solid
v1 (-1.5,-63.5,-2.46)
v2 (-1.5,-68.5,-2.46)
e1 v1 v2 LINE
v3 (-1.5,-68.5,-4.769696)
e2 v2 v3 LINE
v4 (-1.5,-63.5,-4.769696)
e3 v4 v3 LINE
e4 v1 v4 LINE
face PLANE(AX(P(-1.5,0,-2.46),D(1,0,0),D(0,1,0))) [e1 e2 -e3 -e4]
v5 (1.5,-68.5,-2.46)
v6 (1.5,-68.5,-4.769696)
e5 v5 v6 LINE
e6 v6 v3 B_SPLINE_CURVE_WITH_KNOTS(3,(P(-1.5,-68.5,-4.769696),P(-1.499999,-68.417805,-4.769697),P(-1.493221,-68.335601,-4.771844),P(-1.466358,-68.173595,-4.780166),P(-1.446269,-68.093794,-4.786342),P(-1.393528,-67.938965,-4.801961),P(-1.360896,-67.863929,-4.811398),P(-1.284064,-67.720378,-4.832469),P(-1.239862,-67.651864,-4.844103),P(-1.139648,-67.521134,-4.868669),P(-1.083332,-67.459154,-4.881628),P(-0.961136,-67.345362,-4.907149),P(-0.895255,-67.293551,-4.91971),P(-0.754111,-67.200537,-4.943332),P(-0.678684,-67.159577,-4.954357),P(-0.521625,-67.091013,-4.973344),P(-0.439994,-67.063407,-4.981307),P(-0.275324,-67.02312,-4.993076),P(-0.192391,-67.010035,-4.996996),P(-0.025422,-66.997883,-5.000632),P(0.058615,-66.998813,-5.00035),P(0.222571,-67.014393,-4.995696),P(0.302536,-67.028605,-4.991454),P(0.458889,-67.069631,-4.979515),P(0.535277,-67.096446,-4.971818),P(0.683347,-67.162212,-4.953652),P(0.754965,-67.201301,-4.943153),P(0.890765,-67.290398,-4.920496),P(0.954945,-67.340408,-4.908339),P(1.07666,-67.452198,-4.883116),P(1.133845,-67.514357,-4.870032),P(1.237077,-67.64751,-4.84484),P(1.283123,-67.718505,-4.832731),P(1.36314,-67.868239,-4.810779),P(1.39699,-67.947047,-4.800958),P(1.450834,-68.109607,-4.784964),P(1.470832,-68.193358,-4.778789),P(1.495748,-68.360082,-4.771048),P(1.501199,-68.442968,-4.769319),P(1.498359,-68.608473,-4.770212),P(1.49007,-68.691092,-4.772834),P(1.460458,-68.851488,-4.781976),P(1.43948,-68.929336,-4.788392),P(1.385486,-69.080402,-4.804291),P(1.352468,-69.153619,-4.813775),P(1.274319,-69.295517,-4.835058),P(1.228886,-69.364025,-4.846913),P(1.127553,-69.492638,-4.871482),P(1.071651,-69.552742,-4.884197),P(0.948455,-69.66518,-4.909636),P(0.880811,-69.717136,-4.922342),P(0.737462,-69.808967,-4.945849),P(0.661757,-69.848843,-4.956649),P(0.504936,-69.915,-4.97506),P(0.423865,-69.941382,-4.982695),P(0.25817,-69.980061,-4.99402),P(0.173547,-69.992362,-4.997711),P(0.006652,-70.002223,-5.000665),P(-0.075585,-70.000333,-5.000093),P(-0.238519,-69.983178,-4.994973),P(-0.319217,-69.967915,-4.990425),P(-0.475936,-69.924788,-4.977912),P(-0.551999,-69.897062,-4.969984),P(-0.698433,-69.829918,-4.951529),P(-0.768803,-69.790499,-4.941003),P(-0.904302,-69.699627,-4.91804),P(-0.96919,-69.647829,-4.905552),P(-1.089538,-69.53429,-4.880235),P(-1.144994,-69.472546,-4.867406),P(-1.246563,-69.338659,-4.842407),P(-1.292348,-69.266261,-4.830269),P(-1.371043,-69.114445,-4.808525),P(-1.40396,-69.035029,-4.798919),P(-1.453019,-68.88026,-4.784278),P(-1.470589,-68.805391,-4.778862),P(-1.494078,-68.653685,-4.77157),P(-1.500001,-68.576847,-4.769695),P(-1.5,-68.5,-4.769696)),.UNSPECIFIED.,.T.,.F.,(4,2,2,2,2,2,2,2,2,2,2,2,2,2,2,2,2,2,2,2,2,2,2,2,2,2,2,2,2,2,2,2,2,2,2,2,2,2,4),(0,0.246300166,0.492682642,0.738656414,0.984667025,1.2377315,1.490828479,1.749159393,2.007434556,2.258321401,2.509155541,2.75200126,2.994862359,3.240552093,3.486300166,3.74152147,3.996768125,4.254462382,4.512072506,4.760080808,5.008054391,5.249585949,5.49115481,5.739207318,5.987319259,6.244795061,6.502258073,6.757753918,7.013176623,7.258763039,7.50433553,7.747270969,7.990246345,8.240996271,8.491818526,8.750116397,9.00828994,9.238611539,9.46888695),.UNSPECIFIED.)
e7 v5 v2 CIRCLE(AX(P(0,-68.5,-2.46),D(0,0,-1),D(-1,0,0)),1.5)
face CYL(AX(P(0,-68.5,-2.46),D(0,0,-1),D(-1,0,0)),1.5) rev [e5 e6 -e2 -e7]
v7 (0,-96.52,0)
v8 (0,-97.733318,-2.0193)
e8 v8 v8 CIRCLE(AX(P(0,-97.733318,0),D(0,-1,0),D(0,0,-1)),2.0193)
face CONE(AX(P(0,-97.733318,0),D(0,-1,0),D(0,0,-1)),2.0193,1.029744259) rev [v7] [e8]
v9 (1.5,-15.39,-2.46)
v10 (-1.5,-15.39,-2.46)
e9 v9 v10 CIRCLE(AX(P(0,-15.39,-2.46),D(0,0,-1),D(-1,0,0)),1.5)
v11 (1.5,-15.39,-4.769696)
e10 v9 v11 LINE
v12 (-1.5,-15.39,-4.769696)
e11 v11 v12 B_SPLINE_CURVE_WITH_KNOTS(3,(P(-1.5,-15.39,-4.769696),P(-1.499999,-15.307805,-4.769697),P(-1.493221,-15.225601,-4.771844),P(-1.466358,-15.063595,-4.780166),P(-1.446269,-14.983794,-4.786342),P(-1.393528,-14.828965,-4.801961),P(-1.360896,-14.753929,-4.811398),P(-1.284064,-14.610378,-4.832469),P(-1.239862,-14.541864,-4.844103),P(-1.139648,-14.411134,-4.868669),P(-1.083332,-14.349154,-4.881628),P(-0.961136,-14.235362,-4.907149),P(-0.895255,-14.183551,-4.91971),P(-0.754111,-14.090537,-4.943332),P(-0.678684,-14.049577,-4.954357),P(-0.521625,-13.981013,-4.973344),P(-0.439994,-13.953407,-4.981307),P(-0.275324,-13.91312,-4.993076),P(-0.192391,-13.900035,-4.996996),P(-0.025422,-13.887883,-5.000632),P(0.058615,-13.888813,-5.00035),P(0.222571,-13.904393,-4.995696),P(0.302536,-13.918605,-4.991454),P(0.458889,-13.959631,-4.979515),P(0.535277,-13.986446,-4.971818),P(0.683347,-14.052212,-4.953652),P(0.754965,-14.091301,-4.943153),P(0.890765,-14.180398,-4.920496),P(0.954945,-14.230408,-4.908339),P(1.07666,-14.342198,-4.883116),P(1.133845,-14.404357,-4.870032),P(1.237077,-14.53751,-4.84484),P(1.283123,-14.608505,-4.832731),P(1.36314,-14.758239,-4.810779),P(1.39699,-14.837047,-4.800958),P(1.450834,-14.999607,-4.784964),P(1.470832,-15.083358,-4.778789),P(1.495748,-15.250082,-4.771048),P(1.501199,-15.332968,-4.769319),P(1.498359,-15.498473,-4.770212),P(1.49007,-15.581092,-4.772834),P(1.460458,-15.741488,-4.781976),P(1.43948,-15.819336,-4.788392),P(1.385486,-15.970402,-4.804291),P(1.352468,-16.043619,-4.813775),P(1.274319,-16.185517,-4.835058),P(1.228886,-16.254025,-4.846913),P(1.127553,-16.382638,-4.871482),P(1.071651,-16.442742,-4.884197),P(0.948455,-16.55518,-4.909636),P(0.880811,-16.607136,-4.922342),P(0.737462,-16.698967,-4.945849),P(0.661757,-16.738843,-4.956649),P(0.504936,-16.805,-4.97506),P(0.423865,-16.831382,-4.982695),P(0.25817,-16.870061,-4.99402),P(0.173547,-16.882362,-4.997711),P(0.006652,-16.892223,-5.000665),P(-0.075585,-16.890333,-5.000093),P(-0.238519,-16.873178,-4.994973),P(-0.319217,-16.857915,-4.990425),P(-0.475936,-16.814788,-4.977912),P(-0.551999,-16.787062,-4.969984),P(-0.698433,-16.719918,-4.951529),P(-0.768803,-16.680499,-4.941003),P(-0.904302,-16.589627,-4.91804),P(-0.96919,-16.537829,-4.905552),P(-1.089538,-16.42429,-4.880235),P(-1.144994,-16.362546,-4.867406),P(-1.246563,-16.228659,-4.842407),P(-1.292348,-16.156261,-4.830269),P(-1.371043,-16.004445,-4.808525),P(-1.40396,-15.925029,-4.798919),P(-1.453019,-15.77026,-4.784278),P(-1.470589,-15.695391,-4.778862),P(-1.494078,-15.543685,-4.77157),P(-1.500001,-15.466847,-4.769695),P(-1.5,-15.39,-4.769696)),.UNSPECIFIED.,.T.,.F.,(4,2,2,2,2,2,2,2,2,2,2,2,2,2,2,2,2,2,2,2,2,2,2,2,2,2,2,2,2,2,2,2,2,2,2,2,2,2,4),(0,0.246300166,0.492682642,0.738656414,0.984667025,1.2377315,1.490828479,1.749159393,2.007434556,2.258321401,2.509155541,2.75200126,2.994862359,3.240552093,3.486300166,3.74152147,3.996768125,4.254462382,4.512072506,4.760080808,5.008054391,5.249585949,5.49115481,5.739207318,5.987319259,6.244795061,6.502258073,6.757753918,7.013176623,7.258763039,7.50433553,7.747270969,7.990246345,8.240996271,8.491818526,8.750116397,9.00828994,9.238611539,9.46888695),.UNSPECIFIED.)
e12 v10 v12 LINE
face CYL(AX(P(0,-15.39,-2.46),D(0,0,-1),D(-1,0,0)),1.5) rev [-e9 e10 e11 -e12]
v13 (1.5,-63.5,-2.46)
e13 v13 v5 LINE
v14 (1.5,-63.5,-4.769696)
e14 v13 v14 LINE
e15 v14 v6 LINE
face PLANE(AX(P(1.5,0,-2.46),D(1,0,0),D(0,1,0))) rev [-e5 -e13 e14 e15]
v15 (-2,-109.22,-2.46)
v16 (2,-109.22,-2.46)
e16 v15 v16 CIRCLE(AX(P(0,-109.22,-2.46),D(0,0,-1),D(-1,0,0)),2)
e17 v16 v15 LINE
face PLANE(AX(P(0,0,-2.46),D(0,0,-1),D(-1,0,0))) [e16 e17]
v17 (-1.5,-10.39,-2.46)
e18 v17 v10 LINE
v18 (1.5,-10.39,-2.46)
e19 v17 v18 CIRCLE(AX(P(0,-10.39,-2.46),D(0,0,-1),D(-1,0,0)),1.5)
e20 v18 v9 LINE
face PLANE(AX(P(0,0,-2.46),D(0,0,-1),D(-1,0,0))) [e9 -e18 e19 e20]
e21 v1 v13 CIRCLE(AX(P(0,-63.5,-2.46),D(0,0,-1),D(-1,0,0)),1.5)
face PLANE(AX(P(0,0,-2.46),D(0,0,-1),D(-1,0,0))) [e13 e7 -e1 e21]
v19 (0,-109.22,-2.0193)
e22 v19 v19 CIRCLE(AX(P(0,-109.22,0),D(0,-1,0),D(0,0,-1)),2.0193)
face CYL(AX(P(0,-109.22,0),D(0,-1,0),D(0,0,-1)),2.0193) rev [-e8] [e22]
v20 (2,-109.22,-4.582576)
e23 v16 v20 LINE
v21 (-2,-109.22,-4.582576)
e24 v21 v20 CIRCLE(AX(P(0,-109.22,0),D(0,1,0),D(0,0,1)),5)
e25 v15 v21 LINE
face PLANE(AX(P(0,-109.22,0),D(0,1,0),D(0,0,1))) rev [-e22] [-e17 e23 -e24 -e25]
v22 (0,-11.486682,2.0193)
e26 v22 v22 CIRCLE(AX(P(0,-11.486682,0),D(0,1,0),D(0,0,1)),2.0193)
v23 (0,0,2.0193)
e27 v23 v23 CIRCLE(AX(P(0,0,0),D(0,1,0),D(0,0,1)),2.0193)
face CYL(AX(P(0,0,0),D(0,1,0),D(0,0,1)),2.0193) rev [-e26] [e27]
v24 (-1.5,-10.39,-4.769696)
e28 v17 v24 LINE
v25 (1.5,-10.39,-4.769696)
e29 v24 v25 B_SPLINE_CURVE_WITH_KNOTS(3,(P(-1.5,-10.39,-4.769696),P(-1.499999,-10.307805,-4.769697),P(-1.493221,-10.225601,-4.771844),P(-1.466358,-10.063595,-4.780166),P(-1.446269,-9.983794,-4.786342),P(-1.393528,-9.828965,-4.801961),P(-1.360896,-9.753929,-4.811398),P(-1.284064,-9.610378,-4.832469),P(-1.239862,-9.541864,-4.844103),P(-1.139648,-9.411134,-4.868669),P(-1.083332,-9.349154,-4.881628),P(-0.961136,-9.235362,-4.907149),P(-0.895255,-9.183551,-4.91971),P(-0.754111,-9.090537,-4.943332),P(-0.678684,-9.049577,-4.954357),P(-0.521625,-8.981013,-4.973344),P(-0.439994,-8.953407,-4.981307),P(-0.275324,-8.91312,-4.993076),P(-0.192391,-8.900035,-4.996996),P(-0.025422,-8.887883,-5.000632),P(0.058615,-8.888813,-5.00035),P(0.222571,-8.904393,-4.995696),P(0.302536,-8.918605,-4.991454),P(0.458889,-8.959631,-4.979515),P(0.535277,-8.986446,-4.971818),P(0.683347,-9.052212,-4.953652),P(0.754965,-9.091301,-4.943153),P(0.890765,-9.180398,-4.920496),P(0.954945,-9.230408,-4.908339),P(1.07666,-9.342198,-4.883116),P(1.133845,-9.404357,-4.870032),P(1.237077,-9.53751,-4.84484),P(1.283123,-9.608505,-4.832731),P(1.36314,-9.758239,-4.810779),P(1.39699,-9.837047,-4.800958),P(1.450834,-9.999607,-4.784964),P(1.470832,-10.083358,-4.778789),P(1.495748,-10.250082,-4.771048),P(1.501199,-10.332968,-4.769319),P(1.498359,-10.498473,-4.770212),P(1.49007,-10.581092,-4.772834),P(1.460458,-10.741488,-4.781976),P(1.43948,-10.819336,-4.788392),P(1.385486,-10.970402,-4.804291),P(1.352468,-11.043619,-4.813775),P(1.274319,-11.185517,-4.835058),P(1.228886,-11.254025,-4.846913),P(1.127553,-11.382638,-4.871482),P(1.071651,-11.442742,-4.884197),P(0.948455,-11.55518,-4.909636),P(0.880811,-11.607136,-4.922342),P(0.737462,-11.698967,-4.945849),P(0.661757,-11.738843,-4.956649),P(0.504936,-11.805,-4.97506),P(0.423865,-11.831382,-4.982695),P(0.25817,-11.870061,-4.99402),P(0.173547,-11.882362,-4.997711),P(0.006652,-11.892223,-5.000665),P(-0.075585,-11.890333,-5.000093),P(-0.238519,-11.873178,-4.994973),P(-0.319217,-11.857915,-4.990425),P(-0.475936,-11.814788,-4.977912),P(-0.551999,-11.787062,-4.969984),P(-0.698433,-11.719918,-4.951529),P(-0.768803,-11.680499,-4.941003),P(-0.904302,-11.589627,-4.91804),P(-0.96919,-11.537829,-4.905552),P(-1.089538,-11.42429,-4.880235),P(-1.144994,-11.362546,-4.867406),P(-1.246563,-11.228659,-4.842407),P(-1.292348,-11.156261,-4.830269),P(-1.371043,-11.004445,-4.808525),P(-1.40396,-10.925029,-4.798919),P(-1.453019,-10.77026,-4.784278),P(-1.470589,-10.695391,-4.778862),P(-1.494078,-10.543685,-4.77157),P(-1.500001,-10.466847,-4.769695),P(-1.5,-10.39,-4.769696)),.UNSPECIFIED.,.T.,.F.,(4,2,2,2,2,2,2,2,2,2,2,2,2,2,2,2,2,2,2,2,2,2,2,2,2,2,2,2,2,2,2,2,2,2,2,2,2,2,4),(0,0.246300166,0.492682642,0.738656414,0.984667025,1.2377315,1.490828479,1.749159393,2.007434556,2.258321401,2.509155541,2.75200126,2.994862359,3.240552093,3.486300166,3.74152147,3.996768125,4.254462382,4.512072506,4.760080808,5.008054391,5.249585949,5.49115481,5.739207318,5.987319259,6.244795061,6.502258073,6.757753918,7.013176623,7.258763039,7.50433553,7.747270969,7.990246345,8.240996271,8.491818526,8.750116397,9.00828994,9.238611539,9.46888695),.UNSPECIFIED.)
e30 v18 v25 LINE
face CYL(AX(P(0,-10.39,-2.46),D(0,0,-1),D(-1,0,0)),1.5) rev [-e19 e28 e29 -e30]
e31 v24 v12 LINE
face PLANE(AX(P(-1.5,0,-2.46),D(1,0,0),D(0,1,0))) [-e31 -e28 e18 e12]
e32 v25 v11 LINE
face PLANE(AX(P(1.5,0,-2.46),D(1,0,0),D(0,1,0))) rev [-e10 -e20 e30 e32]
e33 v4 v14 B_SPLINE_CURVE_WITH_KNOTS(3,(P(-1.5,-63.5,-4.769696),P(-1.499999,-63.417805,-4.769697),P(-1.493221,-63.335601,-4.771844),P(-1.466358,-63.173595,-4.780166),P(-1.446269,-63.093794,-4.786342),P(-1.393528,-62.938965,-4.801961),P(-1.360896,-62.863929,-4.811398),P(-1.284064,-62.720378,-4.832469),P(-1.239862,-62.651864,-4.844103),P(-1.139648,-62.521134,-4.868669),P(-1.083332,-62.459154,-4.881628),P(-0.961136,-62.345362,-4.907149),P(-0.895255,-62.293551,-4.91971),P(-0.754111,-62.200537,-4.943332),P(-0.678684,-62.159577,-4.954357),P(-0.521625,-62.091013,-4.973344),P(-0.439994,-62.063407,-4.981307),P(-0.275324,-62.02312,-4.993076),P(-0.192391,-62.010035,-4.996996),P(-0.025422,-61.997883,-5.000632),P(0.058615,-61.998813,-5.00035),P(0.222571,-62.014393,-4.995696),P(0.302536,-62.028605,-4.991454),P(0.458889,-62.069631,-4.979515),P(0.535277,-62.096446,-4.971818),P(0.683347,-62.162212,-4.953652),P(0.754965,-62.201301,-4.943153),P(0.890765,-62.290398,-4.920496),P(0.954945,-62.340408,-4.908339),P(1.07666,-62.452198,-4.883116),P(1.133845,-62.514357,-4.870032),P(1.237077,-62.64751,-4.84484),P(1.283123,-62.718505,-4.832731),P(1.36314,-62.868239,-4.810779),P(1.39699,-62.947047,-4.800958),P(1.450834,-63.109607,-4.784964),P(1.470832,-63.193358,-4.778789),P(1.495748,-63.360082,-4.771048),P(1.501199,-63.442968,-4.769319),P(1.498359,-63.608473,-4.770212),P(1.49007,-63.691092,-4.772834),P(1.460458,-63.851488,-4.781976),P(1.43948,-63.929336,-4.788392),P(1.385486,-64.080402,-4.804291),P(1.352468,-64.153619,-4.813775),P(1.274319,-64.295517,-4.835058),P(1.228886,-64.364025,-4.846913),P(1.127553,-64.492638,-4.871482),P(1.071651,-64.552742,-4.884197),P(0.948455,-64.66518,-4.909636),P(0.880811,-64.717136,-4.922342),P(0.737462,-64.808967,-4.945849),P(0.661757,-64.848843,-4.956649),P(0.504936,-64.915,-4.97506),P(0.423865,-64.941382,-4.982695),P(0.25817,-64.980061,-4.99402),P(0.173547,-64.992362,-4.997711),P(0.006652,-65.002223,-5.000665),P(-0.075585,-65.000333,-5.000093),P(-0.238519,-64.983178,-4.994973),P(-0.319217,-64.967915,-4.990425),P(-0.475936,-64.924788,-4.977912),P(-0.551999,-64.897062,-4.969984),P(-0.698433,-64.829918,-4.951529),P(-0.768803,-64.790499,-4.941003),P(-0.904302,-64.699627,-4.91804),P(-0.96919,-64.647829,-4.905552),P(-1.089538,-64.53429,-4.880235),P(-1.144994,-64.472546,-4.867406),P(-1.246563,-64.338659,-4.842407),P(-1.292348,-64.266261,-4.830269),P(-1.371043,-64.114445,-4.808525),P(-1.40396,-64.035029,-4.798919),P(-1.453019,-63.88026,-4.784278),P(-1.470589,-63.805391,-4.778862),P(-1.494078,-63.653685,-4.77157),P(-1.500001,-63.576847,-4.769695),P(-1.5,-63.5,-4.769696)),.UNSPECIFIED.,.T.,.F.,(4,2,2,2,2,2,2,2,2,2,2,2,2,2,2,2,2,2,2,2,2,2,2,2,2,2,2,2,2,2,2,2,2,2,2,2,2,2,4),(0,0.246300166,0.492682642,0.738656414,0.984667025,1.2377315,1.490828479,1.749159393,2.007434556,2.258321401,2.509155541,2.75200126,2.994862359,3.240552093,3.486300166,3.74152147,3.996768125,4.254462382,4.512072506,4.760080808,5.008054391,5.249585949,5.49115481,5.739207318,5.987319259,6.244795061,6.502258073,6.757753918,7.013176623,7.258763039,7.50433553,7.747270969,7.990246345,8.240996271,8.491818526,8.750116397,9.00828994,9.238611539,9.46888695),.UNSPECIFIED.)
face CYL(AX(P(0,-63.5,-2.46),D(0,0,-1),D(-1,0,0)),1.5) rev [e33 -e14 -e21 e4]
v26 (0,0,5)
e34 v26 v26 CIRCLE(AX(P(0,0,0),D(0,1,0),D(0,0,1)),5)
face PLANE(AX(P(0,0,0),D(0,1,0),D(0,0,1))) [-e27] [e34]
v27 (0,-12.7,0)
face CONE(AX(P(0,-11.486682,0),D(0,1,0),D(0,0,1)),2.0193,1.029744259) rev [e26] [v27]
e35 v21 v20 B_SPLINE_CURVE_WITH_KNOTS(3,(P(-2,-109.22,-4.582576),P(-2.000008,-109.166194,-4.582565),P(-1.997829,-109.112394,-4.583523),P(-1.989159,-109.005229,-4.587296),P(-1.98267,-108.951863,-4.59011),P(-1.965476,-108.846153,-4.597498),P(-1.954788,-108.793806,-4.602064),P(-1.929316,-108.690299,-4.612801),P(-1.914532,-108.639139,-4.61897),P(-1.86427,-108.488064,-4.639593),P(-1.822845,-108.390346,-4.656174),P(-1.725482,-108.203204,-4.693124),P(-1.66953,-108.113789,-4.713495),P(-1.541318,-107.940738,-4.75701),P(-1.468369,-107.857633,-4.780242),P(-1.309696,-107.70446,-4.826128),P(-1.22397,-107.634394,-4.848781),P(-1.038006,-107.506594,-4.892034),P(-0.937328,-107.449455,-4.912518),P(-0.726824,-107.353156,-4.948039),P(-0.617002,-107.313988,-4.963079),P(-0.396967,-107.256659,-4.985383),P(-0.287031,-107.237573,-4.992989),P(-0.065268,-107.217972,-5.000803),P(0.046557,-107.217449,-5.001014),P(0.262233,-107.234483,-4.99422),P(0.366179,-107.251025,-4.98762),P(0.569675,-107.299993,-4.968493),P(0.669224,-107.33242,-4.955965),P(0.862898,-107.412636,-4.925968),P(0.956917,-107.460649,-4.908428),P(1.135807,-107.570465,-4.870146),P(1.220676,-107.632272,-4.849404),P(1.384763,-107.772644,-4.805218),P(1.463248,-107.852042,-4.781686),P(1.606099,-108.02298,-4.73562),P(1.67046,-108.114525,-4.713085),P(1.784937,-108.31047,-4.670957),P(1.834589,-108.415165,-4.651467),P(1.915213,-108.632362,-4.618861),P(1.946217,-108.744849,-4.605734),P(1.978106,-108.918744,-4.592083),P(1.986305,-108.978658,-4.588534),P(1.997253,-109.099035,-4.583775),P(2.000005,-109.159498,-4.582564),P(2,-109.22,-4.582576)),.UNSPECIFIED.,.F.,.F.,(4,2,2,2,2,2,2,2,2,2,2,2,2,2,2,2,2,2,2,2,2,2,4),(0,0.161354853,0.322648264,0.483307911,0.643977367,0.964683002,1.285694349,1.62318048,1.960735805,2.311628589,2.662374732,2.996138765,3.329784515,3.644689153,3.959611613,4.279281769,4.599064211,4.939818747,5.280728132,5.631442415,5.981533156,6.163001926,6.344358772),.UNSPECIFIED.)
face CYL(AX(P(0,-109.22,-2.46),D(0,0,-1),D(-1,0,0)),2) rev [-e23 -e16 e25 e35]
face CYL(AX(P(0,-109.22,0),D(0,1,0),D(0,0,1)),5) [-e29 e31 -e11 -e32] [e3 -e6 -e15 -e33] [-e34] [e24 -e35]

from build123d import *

# Parameters (mm, degrees)
SKETCH1_R                                = 5
BOSS_EXTRUDE2_DEPTH                      = 109.22
CUT_EXTRUDE1_DEPTH                       = 2.54
TAP_DRILL_FOR_10_32_TAP1_D               = 4.0386
TAP_DRILL_FOR_10_32_TAP1_DEPTH           = 11.486682152
TAP_DRILL_FOR_10_32_TAP1_TIP             = 1.213317848
TAP_DRILL_FOR_10_32_TAP1_ON_FACE_2_D     = 4.0386
TAP_DRILL_FOR_10_32_TAP1_ON_FACE_2_DEPTH = 11.486682152
TAP_DRILL_FOR_10_32_TAP1_ON_FACE_2_TIP   = 1.213317848


with BuildPart() as part:
    # Sketch1 → Boss-Extrude2 (new body)
    with BuildSketch(Plane(origin=(0, 0, 0), x_dir=(1, 0, 0), z_dir=(0, 1, 0))):
        Circle(SKETCH1_R)
    extrude(amount=-BOSS_EXTRUDE2_DEPTH)

    # Sketch2 → Cut-Extrude1 (cut)
    with BuildSketch(Plane(origin=(0, 0, -5), x_dir=(-1, 0, 0), z_dir=(0, 0, -1))):
        with BuildLine():
            Line((-2, -109.22), (-2, -114.22))
            ThreePointArc((-2, -114.22), (0, -116.22), (2, -114.22))
            Line((2, -114.22), (2, -109.22))
            ThreePointArc((2, -109.22), (0, -107.22), (-2, -109.22))
        make_face()
        with BuildLine():
            Line((-1.5, -63.5), (-1.5, -68.5))
            ThreePointArc((-1.5, -68.5), (0, -70), (1.5, -68.5))
            Line((1.5, -68.5), (1.5, -63.5))
            ThreePointArc((1.5, -63.5), (0, -62), (-1.5, -63.5))
        make_face()
        with BuildLine():
            Line((-1.5, -10.39), (-1.5, -15.39))
            ThreePointArc((-1.5, -15.39), (0, -16.89), (1.5, -15.39))
            Line((1.5, -15.39), (1.5, -10.39))
            ThreePointArc((1.5, -10.39), (0, -8.89), (-1.5, -10.39))
        make_face()
    extrude(amount=-CUT_EXTRUDE1_DEPTH, mode=Mode.SUBTRACT)

    # Tap Drill for #10-32 Tap1
    with Locations(Plane.ZX):
        with Locations((0, 0)):
            Hole(TAP_DRILL_FOR_10_32_TAP1_D / 2, depth=TAP_DRILL_FOR_10_32_TAP1_DEPTH)
            with Locations((0, 0, -(TAP_DRILL_FOR_10_32_TAP1_DEPTH + TAP_DRILL_FOR_10_32_TAP1_TIP / 2))):  # 118° drill point
                Cone(0, TAP_DRILL_FOR_10_32_TAP1_D / 2, TAP_DRILL_FOR_10_32_TAP1_TIP, mode=Mode.SUBTRACT)

    # Tap Drill for #10-32 Tap1 on face 2
    with Locations(Plane(origin=(0, -109.22, 0), x_dir=(0, 0, -1), z_dir=(0, -1, 0))):
        with Locations((0, 0)):
            Hole(TAP_DRILL_FOR_10_32_TAP1_ON_FACE_2_D / 2, depth=TAP_DRILL_FOR_10_32_TAP1_ON_FACE_2_DEPTH)
            with Locations((0, 0, -(TAP_DRILL_FOR_10_32_TAP1_ON_FACE_2_DEPTH + TAP_DRILL_FOR_10_32_TAP1_ON_FACE_2_TIP / 2))):  # 118° drill point
                Cone(0, TAP_DRILL_FOR_10_32_TAP1_ON_FACE_2_D / 2, TAP_DRILL_FOR_10_32_TAP1_ON_FACE_2_TIP, mode=Mode.SUBTRACT)


solid = part.part
